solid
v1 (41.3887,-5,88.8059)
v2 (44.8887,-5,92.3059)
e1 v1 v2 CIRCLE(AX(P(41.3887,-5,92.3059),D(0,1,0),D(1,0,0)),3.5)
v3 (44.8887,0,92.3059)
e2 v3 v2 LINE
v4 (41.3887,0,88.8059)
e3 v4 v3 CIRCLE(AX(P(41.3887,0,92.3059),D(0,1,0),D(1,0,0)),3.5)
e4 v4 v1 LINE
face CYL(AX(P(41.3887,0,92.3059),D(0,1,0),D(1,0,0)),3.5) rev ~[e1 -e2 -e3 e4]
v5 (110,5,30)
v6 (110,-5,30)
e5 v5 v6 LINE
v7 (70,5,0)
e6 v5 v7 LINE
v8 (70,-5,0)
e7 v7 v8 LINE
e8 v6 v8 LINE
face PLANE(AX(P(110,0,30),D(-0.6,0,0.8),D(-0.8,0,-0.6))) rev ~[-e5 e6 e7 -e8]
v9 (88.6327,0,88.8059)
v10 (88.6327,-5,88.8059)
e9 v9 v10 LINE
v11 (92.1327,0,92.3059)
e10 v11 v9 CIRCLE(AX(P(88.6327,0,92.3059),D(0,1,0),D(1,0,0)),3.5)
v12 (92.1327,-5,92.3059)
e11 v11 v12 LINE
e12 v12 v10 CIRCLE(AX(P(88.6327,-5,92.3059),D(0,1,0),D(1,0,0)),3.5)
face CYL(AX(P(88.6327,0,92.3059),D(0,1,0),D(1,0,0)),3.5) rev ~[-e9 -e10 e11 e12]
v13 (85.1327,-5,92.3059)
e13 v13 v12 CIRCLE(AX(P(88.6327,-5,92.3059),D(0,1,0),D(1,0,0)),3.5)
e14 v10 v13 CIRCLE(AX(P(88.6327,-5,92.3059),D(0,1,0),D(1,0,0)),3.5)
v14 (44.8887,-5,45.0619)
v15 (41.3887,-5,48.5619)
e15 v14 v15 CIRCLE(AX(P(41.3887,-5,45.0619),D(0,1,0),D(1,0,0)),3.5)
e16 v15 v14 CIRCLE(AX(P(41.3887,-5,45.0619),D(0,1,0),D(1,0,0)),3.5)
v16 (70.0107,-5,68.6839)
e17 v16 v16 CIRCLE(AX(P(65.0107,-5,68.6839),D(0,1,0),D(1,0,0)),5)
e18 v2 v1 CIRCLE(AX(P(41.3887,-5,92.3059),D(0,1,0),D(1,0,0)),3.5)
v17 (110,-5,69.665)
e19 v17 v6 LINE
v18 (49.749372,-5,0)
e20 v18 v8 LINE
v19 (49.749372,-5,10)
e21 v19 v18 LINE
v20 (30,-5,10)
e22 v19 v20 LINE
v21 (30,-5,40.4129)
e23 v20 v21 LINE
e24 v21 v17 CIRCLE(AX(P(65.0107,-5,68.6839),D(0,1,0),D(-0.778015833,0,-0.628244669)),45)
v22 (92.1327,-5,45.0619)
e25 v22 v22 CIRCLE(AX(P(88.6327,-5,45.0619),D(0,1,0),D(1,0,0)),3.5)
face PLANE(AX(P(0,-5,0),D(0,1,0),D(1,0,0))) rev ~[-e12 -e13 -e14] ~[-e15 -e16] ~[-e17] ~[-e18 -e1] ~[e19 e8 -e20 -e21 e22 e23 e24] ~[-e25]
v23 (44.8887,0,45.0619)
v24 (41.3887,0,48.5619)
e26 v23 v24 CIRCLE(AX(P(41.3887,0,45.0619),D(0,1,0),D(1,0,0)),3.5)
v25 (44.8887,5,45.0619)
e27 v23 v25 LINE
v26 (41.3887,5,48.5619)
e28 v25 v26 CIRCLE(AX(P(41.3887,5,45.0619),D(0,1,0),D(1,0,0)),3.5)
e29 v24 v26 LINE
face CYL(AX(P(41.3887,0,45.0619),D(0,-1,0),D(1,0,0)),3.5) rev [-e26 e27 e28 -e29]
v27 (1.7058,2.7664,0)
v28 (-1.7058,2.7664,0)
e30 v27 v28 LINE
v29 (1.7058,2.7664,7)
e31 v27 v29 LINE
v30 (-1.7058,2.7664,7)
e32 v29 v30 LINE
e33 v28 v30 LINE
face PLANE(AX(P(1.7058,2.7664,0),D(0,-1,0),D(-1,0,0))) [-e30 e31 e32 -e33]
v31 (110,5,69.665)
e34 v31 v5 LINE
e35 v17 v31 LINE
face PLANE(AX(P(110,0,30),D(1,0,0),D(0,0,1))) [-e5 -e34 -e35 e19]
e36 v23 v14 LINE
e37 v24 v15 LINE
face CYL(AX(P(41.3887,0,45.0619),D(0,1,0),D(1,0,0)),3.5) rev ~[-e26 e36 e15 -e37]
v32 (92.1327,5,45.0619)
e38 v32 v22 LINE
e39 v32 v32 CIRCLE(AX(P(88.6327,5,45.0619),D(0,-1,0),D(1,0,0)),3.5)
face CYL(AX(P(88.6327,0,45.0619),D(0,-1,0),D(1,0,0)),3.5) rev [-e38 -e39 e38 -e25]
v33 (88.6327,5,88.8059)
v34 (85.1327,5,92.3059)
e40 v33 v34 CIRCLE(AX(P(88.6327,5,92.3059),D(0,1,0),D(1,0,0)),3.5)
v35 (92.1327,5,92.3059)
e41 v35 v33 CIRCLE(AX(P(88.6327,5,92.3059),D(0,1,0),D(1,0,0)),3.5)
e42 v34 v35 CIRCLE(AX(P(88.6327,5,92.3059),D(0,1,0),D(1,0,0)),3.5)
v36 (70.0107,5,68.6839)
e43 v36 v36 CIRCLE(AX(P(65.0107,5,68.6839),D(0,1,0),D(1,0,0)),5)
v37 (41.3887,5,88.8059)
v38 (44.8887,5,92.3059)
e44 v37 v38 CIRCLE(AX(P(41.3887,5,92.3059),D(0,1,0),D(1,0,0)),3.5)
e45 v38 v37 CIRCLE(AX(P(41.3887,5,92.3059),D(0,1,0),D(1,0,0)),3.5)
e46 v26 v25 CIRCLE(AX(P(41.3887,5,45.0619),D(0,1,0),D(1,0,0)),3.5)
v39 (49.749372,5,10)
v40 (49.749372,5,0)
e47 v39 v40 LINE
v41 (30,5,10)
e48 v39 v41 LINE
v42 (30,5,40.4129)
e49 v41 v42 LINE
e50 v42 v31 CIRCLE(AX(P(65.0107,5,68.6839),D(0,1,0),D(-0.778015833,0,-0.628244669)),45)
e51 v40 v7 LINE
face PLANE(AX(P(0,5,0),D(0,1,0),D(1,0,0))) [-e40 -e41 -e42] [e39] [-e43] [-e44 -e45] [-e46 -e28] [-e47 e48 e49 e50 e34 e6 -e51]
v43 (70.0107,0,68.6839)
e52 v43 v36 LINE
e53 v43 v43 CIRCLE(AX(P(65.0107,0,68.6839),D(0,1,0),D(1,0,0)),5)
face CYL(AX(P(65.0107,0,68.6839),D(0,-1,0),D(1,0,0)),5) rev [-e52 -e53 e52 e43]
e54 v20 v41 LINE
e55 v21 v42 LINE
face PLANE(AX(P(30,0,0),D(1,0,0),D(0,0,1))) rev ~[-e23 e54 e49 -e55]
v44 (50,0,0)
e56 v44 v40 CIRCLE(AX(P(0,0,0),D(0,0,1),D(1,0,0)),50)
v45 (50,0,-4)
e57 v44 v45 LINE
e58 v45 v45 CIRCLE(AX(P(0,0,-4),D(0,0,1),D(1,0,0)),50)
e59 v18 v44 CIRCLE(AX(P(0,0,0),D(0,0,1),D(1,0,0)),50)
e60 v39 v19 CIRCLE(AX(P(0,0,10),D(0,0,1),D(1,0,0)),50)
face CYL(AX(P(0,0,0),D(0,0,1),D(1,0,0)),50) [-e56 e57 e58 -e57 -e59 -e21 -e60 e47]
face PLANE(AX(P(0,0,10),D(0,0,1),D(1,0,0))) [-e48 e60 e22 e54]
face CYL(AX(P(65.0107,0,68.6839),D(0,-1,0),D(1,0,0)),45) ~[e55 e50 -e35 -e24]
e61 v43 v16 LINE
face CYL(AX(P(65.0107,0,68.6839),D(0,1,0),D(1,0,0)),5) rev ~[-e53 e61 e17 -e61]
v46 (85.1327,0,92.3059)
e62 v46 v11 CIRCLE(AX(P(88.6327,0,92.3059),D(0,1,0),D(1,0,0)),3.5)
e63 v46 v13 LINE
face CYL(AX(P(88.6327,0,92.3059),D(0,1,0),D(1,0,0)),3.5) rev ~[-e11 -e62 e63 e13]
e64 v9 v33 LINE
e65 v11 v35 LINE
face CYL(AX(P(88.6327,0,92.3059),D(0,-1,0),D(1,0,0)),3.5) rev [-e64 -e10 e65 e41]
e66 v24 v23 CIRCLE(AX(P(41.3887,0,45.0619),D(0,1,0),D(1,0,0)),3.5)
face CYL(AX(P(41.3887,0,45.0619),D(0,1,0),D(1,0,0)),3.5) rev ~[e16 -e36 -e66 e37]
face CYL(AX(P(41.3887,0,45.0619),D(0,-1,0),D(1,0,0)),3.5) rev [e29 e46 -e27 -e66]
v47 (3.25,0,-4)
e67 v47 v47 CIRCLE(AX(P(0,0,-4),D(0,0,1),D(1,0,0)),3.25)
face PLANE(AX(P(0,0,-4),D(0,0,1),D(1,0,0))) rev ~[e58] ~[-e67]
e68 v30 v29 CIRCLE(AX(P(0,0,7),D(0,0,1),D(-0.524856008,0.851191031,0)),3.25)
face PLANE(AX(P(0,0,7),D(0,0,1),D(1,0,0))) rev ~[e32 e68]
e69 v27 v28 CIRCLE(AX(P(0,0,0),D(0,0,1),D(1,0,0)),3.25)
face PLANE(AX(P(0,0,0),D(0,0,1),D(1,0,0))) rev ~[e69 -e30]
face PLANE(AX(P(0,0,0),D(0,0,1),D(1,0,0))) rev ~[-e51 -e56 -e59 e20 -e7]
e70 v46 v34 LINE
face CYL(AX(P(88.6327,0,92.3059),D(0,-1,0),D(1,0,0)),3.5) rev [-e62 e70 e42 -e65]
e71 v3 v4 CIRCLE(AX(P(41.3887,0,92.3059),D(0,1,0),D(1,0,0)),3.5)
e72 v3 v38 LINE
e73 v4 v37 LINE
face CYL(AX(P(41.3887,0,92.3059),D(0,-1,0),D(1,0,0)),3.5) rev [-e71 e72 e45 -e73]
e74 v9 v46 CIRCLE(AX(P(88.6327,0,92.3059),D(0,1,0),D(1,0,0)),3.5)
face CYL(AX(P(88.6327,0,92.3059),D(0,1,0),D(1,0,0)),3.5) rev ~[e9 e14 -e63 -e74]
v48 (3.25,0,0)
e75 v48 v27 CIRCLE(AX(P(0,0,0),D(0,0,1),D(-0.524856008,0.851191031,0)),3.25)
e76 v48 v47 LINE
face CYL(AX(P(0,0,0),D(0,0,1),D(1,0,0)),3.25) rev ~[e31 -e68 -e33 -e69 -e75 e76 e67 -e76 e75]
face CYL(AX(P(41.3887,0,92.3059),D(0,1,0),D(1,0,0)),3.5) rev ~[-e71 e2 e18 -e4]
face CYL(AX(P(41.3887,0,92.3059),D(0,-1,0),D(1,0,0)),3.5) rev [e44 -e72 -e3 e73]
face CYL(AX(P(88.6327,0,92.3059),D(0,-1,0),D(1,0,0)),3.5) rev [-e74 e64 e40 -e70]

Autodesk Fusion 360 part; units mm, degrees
sketch "Sketch1" plane through (0, 0, 0) normal (0, 0, 1) x (1, 0, 0)
  circle A0 centre (0, 0) radius 50
  circle A1 centre (0, 0) radius 3.25
  line L0 (1.7058, 2.7664) -> (-1.7058, 2.7664)
  dimension "d1" = 100
  dimension "d2" = 6.5
extrude "Extrude1" add sketch "Sketch1" along normal blind 10 contours A0 | A1 L0 | A1 L0
extrude "Extrude2" cut sketch "Sketch1" along normal blind 7 contours A1 L0 picked at (0.999, 0.1306)
sketch "Sketch2" plane through (0, 0, 0) normal (0, 1, 0) x (1, 0, 0)
  line L0 (0, 20) -> (0, -60)
  line L1 (30, 20) -> (30, -40.4129)
  line L2 (110, 20) -> (110, -69.665)
  line L3 (-75, 0) -> (110, 0)
  line L4 (-75, -60) -> (115, -60)
  line L5 (90, -50) -> (130, -50)
  circle A0 centre (65.0107, -68.6839) radius 45
  circle A1 centre (65.0107, -68.6839) radius 5
  line L6 (88.6327, -92.3059) -> (41.3887, -92.3059)
  line L7 (41.3887, -92.3059) -> (41.3887, -45.0619)
  line L8 (41.3887, -45.0619) -> (88.6327, -45.0619)
  line L9 (88.6327, -45.0619) -> (88.6327, -92.3059)
  line L10 (88.6327, -92.3059) -> (41.3887, -45.0619) construction
  line L11 (41.3887, -92.3059) -> (88.6327, -45.0619) construction
  circle A2 centre (41.3887, -45.0619) radius 3.5
  circle A3 centre (88.6327, -45.0619) radius 3.5
  circle A4 centre (41.3887, -92.3059) radius 3.5
  circle A5 centre (88.6327, -92.3059) radius 3.5
  line L12 (110, -30) -> (70, 0)
  point P0 (65.0107, -68.6839)
  dimension "d7" = 30
  dimension "d8" = 80
  dimension "d9" = 60
  dimension "d10" = 50
  dimension "d11" = 90
  dimension "d12" = 10
  dimension "d13" = 47.244
  dimension "d14" = 47.244
  dimension "d15" = 7
  dimension "d16" = 7
  dimension "d17" = 7
  dimension "d18" = 7
extrude "Extrude3" add sketch "Sketch2" along normal mid plane 10 contours L1 L2 L3 L5 A0 L12 | L4 A0 L7 L8 L9 A2 A3 | L2 L4 A0 L6 L7 L9 A4 A5 | L4 L7 L8 L9 A2 A3 | L4 L6 L7 L9 A4 A5 | L2 L4 L5 A0 | L2 L4 A0
extrude "Extrude4" add sketch "Sketch1" against normal blind 4
component "6627T54_Stepper Motor (2)" placed x (1, 0, 0) y (0, 0, -1) z (0, 1, 0) at (-34.4133, -232.4903, 46.7909)
